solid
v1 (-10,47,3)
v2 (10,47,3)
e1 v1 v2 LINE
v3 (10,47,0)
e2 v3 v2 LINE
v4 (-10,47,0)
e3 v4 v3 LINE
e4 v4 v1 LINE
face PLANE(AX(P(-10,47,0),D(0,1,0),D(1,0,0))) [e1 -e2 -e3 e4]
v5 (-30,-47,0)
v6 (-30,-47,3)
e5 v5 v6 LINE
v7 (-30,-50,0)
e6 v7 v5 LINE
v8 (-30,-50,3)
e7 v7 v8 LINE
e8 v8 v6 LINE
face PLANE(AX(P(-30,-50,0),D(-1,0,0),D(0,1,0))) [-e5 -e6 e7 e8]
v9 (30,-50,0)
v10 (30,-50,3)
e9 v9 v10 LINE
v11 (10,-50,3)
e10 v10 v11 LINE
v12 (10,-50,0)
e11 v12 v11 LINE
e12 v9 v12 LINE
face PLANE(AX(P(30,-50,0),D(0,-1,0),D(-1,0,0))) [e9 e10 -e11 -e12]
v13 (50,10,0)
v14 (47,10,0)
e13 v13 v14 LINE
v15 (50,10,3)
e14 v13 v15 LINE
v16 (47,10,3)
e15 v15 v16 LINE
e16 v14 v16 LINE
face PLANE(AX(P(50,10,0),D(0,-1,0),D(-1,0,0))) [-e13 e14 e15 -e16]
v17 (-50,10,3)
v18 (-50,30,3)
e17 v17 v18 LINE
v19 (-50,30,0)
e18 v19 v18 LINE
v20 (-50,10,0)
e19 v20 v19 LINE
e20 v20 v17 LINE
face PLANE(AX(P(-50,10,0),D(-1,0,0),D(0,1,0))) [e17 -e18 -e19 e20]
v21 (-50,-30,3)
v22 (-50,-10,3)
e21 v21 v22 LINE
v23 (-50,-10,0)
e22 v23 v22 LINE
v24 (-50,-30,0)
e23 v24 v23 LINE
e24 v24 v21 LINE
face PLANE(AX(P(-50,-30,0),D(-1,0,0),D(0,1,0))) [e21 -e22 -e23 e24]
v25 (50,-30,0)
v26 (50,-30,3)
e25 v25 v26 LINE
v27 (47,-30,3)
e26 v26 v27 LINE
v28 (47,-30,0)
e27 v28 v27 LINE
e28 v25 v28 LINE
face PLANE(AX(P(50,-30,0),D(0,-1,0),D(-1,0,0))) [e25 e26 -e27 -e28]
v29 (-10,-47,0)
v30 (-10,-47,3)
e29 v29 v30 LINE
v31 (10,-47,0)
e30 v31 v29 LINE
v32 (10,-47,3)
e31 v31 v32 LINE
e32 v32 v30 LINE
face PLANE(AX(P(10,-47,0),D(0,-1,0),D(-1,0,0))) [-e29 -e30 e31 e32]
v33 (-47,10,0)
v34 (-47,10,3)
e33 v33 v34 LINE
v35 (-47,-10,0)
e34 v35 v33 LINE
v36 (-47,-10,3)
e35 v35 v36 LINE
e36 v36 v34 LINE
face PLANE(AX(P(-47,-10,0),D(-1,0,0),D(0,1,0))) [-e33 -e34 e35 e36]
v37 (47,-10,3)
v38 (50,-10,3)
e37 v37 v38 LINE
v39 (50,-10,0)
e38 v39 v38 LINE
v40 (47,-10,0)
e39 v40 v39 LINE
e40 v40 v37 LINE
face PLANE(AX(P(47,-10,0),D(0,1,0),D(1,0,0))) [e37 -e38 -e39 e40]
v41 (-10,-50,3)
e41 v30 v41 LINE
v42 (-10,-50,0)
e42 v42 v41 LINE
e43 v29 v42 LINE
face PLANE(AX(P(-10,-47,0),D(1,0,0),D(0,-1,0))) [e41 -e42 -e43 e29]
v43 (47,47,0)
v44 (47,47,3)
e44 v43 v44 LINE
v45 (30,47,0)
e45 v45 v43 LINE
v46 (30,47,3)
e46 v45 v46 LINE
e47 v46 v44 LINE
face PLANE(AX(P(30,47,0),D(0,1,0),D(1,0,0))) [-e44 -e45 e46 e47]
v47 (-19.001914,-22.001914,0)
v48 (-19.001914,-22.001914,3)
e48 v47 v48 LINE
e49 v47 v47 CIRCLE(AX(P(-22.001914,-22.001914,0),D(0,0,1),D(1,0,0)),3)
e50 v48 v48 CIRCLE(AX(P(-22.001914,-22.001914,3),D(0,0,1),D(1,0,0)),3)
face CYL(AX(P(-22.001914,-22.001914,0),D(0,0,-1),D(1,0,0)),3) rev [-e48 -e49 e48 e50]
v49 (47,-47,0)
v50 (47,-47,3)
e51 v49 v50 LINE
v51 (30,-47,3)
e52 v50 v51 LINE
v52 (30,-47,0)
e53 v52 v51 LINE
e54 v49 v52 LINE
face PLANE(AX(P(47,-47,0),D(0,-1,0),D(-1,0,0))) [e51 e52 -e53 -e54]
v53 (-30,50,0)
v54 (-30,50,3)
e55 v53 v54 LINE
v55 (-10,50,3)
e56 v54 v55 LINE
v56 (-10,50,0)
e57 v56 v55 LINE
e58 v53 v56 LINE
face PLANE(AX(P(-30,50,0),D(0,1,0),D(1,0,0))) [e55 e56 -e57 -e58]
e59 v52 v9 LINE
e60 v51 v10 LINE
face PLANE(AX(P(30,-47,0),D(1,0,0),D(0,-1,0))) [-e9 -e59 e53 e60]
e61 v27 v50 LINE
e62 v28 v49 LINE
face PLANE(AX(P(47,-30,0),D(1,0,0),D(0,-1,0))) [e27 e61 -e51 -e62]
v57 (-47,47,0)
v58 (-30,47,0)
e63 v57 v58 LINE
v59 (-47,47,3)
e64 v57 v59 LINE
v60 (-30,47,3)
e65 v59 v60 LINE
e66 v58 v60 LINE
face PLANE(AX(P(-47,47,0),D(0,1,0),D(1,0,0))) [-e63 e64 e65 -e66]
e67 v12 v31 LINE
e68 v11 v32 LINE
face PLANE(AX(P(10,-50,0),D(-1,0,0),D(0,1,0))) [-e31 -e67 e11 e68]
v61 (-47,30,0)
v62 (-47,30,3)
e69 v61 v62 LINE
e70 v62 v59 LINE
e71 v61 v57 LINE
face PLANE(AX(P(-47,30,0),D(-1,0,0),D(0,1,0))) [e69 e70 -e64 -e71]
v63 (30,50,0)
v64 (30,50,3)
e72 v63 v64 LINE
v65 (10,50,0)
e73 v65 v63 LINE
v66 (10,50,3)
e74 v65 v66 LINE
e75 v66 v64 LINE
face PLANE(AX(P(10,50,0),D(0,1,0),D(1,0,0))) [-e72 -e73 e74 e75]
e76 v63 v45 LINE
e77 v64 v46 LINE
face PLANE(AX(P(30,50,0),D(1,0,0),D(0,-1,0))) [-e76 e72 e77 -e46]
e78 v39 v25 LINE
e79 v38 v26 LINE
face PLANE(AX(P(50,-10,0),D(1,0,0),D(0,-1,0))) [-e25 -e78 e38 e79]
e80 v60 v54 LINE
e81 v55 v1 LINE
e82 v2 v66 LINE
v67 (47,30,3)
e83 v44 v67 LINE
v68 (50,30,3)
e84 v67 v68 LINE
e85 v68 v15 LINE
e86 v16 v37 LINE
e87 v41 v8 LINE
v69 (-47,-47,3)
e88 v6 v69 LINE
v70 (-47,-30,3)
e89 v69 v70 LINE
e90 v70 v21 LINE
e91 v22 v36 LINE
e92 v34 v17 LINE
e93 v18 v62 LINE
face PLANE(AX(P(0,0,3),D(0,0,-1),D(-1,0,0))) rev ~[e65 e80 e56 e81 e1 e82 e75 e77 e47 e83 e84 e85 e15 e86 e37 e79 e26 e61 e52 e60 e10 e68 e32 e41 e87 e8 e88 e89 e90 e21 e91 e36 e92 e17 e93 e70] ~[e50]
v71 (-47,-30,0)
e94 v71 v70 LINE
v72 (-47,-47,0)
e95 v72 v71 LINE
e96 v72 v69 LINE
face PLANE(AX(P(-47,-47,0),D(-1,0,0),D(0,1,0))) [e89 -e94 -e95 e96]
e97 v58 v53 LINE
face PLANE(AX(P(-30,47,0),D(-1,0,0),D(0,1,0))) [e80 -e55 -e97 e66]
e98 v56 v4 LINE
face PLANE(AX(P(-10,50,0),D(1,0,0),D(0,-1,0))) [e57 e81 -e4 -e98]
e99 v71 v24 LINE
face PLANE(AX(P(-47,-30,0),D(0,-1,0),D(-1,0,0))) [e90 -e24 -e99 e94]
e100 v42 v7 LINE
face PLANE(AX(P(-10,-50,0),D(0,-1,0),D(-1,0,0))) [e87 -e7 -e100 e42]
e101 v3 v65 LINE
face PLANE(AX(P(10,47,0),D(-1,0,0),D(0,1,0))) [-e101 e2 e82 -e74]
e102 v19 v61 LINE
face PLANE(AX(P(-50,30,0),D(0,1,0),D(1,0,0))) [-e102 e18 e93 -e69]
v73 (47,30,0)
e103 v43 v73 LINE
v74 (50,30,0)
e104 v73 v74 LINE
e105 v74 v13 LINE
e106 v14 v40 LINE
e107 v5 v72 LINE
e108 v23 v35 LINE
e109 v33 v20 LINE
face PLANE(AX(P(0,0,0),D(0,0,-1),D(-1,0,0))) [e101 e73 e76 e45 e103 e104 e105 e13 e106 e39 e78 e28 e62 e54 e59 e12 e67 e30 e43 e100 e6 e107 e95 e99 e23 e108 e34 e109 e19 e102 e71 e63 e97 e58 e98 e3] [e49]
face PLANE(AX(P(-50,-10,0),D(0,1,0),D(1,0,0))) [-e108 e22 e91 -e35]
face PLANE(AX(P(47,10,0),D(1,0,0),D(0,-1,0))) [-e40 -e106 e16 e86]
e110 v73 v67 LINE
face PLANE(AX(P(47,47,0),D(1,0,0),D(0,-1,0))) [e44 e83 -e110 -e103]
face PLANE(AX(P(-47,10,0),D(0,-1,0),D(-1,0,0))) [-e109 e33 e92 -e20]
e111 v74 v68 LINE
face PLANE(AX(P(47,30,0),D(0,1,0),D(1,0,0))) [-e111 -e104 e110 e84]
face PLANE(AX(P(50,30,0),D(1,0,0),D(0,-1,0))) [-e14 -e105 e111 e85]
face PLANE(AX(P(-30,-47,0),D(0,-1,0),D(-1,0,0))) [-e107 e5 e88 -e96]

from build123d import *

# Parameters (mm, degrees)
SKETCH_1_R      = 3
EXTRUDE_2_DEPTH = 3


with BuildPart() as part:
    # 草图1 → 凸台-拉伸2 (new body)
    with BuildSketch(Plane.XY):
        Polygon((-10, 47), (10, 47), (10, 50), (30, 50), (30, 47), (47, 47), (47, 30), (50, 30), (50, 10), (47, 10), (47, -10), (50, -10), (50, -30), (47, -30), (47, -47), (30, -47), (30, -50), (10, -50), (10, -47), (-10, -47), (-10, -50), (-30, -50), (-30, -47), (-47, -47), (-47, -30), (-50, -30), (-50, -10), (-47, -10), (-47, 10), (-50, 10), (-50, 30), (-47, 30), (-47, 47), (-30, 47), (-30, 50), (-10, 50), align=None)
        with Locations((-22.001913568, -22.001913568)):
            Circle(SKETCH_1_R, mode=Mode.SUBTRACT)
    extrude(amount=EXTRUDE_2_DEPTH)


solid = part.part
